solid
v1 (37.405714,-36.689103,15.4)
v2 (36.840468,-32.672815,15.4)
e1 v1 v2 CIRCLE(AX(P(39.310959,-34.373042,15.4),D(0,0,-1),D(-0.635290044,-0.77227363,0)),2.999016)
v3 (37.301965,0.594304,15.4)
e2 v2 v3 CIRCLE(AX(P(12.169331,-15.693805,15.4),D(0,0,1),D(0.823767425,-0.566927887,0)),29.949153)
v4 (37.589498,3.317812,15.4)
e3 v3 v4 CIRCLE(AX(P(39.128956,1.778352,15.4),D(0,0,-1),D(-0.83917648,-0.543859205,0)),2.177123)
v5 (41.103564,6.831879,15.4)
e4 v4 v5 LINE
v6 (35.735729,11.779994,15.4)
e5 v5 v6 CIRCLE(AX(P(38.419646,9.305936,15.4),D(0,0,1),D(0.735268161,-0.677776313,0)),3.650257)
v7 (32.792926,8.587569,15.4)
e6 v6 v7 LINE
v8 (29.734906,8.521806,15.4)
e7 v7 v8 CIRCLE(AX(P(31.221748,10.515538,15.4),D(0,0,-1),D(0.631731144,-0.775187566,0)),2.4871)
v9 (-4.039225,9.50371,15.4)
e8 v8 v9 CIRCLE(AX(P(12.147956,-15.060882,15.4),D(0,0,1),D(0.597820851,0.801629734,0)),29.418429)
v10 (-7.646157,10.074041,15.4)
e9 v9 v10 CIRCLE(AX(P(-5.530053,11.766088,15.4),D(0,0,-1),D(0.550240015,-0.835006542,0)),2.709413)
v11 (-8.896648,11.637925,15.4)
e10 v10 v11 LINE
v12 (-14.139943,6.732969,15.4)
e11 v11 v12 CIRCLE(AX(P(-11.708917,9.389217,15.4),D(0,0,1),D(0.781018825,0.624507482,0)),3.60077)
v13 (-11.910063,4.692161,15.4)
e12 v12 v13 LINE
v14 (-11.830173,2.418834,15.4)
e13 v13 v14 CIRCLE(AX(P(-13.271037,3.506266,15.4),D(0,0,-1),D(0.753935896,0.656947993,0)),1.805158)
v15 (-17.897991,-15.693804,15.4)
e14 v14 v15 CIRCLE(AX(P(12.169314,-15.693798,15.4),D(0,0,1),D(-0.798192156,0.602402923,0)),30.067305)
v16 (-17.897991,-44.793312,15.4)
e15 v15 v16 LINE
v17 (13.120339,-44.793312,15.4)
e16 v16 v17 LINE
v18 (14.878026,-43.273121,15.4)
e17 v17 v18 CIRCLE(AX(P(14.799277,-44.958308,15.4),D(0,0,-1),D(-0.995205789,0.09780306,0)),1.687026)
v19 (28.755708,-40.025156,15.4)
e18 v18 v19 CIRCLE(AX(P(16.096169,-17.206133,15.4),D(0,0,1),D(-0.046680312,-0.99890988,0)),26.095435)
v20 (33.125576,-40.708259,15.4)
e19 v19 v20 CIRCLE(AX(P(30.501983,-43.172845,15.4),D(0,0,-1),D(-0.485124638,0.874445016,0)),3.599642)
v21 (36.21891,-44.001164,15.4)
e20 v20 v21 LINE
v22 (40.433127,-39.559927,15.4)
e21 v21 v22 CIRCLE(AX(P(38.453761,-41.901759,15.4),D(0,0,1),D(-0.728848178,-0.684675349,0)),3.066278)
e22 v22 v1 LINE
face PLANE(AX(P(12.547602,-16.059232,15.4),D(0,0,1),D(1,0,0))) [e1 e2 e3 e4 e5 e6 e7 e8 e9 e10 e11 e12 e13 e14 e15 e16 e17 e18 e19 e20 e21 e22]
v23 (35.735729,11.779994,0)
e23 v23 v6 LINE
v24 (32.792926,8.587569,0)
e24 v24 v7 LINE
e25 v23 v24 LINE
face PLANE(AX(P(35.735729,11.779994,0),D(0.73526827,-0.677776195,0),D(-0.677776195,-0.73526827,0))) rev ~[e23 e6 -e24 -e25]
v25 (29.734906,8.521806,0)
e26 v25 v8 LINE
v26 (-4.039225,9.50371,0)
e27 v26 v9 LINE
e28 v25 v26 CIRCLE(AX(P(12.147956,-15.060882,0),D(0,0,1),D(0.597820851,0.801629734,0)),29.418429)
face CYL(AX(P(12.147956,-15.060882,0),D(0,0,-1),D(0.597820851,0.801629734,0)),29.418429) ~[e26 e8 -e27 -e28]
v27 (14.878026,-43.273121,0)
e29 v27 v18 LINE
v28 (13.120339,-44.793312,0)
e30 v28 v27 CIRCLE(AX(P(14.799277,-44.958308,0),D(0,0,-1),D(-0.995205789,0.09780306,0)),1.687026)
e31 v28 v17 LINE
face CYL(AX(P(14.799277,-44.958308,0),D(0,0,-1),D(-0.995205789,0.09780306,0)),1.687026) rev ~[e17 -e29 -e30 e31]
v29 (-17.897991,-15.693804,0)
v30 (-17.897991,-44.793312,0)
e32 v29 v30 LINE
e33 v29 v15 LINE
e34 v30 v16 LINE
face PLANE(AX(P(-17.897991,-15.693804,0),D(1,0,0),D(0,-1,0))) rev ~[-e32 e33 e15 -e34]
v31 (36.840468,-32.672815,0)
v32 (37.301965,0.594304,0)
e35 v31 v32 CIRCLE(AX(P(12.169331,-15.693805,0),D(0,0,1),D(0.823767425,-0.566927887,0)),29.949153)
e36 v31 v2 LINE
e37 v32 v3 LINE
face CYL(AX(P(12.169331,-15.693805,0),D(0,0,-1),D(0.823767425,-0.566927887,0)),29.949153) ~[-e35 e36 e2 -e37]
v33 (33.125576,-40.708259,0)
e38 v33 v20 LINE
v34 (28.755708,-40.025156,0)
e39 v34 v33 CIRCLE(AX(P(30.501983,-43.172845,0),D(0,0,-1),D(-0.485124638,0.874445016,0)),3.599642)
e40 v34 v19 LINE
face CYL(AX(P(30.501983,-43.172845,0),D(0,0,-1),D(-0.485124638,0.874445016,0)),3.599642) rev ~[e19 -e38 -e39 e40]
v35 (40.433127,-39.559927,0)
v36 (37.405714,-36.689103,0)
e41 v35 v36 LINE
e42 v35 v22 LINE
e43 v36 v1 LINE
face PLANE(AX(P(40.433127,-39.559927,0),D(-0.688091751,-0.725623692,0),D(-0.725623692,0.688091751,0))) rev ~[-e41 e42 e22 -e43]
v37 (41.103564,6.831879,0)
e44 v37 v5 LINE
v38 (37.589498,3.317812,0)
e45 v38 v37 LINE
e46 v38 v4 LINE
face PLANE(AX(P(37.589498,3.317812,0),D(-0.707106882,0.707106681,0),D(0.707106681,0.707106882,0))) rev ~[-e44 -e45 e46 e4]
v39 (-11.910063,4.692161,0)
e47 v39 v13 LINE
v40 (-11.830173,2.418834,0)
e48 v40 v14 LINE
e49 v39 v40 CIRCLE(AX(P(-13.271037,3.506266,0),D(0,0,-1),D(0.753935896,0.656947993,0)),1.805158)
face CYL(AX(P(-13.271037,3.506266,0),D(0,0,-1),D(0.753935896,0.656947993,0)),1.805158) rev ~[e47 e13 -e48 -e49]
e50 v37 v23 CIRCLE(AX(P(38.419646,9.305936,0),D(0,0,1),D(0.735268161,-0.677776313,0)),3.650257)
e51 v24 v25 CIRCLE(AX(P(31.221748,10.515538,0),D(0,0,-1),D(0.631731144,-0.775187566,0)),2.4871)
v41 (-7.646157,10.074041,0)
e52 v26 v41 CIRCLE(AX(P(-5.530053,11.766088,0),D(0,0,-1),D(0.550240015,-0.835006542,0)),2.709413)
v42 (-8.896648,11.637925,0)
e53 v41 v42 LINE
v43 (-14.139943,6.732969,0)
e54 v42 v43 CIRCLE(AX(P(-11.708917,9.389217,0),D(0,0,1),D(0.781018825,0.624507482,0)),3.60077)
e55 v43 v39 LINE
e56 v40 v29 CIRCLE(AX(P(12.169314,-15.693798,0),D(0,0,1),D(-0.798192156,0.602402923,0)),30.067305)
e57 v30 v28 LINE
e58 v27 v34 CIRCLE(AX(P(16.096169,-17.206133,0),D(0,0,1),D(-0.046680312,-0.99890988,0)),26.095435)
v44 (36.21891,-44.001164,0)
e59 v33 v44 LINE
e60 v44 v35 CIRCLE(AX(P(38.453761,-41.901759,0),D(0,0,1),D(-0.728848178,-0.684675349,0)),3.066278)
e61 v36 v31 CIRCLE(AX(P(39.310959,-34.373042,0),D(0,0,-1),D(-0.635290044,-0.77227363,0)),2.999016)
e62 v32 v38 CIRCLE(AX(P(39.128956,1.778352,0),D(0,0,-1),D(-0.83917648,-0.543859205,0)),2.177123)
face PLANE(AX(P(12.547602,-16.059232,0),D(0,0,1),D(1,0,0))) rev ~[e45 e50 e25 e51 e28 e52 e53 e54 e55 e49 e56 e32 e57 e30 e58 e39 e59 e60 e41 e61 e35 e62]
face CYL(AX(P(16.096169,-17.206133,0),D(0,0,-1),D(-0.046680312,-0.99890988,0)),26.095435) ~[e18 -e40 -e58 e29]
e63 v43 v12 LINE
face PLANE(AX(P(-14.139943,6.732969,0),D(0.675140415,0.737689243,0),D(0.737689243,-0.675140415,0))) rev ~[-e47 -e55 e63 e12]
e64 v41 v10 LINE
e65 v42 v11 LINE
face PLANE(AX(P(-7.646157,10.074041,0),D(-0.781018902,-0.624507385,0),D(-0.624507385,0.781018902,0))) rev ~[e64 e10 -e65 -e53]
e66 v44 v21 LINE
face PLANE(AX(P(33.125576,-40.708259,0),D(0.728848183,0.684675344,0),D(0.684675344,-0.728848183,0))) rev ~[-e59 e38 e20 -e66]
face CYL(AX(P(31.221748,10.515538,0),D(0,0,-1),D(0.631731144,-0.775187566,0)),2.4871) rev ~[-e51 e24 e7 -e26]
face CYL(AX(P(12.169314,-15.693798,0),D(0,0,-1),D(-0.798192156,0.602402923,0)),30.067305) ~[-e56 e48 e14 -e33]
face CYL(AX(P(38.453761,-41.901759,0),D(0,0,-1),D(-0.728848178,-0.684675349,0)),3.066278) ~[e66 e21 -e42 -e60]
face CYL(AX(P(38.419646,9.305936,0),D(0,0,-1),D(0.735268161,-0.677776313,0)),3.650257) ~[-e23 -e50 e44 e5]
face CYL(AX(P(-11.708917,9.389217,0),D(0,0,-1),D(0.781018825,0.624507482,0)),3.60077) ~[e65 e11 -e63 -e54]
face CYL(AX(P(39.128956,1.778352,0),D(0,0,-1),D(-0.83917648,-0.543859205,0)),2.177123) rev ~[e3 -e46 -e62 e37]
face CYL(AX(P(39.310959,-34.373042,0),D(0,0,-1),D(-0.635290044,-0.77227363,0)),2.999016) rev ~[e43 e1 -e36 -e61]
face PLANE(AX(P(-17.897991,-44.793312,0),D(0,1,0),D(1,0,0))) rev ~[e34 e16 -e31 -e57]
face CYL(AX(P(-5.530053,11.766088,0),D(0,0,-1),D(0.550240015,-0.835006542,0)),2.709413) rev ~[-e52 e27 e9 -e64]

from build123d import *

# Parameters (mm, degrees)
F2_DEPTH = 15.4


with BuildPart() as f2:
    # F1 (on face) → F2 (new body)
    with BuildSketch(Plane.XY):
        with BuildLine():
            Line((-17.897991, -15.693804), (-17.897991, -44.793312))
            Line((-17.897991, -44.793312), (13.120339, -44.793312))
            ThreePointArc((13.120339, -44.793312), (13.695694, -43.682314), (14.878026, -43.273121))
            ThreePointArc((14.878026, -43.273121), (22.042908, -42.614951), (28.755708, -40.025156))
            ThreePointArc((28.755708, -40.025156), (31.057932, -39.616394), (33.125576, -40.708259))
            Line((33.125576, -40.708259), (36.21891, -44.001164))
            ThreePointArc((36.21891, -44.001164), (40.678051, -44.012351), (40.433127, -39.559927))
            Line((40.433127, -39.559927), (37.405714, -36.689103))
            ThreePointArc((37.405714, -36.689103), (36.34121, -34.790999), (36.840468, -32.672815))
            ThreePointArc((36.840468, -32.672815), (42.115603, -16.109233), (37.301965, 0.594304))
            ThreePointArc((37.301965, 0.594304), (36.963865, 2.006931), (37.589498, 3.317812))
            Line((37.589498, 3.317812), (41.103564, 6.831879))
            ThreePointArc((41.103564, 6.831879), (40.893704, 11.989854), (35.735729, 11.779994))
            Line((35.735729, 11.779994), (32.792926, 8.587569))
            ThreePointArc((32.792926, 8.587569), (31.275221, 8.029013), (29.734906, 8.521806))
            ThreePointArc((29.734906, 8.521806), (13.002866, 14.345123), (-4.039225, 9.50371))
            ThreePointArc((-4.039225, 9.50371), (-5.95321, 9.089923), (-7.646157, 10.074041))
            Line((-7.646157, 10.074041), (-8.896648, 11.637925))
            ThreePointArc((-8.896648, 11.637925), (-14.168792, 12.018772), (-14.139943, 6.732969))
            Line((-14.139943, 6.732969), (-11.910063, 4.692161))
            ThreePointArc((-11.910063, 4.692161), (-11.466992, 3.569664), (-11.830173, 2.418834))
            ThreePointArc((-11.830173, 2.418834), (-16.340709, -6.142808), (-17.897991, -15.693804))
        make_face()
    extrude(amount=F2_DEPTH)


solid = f2.part
